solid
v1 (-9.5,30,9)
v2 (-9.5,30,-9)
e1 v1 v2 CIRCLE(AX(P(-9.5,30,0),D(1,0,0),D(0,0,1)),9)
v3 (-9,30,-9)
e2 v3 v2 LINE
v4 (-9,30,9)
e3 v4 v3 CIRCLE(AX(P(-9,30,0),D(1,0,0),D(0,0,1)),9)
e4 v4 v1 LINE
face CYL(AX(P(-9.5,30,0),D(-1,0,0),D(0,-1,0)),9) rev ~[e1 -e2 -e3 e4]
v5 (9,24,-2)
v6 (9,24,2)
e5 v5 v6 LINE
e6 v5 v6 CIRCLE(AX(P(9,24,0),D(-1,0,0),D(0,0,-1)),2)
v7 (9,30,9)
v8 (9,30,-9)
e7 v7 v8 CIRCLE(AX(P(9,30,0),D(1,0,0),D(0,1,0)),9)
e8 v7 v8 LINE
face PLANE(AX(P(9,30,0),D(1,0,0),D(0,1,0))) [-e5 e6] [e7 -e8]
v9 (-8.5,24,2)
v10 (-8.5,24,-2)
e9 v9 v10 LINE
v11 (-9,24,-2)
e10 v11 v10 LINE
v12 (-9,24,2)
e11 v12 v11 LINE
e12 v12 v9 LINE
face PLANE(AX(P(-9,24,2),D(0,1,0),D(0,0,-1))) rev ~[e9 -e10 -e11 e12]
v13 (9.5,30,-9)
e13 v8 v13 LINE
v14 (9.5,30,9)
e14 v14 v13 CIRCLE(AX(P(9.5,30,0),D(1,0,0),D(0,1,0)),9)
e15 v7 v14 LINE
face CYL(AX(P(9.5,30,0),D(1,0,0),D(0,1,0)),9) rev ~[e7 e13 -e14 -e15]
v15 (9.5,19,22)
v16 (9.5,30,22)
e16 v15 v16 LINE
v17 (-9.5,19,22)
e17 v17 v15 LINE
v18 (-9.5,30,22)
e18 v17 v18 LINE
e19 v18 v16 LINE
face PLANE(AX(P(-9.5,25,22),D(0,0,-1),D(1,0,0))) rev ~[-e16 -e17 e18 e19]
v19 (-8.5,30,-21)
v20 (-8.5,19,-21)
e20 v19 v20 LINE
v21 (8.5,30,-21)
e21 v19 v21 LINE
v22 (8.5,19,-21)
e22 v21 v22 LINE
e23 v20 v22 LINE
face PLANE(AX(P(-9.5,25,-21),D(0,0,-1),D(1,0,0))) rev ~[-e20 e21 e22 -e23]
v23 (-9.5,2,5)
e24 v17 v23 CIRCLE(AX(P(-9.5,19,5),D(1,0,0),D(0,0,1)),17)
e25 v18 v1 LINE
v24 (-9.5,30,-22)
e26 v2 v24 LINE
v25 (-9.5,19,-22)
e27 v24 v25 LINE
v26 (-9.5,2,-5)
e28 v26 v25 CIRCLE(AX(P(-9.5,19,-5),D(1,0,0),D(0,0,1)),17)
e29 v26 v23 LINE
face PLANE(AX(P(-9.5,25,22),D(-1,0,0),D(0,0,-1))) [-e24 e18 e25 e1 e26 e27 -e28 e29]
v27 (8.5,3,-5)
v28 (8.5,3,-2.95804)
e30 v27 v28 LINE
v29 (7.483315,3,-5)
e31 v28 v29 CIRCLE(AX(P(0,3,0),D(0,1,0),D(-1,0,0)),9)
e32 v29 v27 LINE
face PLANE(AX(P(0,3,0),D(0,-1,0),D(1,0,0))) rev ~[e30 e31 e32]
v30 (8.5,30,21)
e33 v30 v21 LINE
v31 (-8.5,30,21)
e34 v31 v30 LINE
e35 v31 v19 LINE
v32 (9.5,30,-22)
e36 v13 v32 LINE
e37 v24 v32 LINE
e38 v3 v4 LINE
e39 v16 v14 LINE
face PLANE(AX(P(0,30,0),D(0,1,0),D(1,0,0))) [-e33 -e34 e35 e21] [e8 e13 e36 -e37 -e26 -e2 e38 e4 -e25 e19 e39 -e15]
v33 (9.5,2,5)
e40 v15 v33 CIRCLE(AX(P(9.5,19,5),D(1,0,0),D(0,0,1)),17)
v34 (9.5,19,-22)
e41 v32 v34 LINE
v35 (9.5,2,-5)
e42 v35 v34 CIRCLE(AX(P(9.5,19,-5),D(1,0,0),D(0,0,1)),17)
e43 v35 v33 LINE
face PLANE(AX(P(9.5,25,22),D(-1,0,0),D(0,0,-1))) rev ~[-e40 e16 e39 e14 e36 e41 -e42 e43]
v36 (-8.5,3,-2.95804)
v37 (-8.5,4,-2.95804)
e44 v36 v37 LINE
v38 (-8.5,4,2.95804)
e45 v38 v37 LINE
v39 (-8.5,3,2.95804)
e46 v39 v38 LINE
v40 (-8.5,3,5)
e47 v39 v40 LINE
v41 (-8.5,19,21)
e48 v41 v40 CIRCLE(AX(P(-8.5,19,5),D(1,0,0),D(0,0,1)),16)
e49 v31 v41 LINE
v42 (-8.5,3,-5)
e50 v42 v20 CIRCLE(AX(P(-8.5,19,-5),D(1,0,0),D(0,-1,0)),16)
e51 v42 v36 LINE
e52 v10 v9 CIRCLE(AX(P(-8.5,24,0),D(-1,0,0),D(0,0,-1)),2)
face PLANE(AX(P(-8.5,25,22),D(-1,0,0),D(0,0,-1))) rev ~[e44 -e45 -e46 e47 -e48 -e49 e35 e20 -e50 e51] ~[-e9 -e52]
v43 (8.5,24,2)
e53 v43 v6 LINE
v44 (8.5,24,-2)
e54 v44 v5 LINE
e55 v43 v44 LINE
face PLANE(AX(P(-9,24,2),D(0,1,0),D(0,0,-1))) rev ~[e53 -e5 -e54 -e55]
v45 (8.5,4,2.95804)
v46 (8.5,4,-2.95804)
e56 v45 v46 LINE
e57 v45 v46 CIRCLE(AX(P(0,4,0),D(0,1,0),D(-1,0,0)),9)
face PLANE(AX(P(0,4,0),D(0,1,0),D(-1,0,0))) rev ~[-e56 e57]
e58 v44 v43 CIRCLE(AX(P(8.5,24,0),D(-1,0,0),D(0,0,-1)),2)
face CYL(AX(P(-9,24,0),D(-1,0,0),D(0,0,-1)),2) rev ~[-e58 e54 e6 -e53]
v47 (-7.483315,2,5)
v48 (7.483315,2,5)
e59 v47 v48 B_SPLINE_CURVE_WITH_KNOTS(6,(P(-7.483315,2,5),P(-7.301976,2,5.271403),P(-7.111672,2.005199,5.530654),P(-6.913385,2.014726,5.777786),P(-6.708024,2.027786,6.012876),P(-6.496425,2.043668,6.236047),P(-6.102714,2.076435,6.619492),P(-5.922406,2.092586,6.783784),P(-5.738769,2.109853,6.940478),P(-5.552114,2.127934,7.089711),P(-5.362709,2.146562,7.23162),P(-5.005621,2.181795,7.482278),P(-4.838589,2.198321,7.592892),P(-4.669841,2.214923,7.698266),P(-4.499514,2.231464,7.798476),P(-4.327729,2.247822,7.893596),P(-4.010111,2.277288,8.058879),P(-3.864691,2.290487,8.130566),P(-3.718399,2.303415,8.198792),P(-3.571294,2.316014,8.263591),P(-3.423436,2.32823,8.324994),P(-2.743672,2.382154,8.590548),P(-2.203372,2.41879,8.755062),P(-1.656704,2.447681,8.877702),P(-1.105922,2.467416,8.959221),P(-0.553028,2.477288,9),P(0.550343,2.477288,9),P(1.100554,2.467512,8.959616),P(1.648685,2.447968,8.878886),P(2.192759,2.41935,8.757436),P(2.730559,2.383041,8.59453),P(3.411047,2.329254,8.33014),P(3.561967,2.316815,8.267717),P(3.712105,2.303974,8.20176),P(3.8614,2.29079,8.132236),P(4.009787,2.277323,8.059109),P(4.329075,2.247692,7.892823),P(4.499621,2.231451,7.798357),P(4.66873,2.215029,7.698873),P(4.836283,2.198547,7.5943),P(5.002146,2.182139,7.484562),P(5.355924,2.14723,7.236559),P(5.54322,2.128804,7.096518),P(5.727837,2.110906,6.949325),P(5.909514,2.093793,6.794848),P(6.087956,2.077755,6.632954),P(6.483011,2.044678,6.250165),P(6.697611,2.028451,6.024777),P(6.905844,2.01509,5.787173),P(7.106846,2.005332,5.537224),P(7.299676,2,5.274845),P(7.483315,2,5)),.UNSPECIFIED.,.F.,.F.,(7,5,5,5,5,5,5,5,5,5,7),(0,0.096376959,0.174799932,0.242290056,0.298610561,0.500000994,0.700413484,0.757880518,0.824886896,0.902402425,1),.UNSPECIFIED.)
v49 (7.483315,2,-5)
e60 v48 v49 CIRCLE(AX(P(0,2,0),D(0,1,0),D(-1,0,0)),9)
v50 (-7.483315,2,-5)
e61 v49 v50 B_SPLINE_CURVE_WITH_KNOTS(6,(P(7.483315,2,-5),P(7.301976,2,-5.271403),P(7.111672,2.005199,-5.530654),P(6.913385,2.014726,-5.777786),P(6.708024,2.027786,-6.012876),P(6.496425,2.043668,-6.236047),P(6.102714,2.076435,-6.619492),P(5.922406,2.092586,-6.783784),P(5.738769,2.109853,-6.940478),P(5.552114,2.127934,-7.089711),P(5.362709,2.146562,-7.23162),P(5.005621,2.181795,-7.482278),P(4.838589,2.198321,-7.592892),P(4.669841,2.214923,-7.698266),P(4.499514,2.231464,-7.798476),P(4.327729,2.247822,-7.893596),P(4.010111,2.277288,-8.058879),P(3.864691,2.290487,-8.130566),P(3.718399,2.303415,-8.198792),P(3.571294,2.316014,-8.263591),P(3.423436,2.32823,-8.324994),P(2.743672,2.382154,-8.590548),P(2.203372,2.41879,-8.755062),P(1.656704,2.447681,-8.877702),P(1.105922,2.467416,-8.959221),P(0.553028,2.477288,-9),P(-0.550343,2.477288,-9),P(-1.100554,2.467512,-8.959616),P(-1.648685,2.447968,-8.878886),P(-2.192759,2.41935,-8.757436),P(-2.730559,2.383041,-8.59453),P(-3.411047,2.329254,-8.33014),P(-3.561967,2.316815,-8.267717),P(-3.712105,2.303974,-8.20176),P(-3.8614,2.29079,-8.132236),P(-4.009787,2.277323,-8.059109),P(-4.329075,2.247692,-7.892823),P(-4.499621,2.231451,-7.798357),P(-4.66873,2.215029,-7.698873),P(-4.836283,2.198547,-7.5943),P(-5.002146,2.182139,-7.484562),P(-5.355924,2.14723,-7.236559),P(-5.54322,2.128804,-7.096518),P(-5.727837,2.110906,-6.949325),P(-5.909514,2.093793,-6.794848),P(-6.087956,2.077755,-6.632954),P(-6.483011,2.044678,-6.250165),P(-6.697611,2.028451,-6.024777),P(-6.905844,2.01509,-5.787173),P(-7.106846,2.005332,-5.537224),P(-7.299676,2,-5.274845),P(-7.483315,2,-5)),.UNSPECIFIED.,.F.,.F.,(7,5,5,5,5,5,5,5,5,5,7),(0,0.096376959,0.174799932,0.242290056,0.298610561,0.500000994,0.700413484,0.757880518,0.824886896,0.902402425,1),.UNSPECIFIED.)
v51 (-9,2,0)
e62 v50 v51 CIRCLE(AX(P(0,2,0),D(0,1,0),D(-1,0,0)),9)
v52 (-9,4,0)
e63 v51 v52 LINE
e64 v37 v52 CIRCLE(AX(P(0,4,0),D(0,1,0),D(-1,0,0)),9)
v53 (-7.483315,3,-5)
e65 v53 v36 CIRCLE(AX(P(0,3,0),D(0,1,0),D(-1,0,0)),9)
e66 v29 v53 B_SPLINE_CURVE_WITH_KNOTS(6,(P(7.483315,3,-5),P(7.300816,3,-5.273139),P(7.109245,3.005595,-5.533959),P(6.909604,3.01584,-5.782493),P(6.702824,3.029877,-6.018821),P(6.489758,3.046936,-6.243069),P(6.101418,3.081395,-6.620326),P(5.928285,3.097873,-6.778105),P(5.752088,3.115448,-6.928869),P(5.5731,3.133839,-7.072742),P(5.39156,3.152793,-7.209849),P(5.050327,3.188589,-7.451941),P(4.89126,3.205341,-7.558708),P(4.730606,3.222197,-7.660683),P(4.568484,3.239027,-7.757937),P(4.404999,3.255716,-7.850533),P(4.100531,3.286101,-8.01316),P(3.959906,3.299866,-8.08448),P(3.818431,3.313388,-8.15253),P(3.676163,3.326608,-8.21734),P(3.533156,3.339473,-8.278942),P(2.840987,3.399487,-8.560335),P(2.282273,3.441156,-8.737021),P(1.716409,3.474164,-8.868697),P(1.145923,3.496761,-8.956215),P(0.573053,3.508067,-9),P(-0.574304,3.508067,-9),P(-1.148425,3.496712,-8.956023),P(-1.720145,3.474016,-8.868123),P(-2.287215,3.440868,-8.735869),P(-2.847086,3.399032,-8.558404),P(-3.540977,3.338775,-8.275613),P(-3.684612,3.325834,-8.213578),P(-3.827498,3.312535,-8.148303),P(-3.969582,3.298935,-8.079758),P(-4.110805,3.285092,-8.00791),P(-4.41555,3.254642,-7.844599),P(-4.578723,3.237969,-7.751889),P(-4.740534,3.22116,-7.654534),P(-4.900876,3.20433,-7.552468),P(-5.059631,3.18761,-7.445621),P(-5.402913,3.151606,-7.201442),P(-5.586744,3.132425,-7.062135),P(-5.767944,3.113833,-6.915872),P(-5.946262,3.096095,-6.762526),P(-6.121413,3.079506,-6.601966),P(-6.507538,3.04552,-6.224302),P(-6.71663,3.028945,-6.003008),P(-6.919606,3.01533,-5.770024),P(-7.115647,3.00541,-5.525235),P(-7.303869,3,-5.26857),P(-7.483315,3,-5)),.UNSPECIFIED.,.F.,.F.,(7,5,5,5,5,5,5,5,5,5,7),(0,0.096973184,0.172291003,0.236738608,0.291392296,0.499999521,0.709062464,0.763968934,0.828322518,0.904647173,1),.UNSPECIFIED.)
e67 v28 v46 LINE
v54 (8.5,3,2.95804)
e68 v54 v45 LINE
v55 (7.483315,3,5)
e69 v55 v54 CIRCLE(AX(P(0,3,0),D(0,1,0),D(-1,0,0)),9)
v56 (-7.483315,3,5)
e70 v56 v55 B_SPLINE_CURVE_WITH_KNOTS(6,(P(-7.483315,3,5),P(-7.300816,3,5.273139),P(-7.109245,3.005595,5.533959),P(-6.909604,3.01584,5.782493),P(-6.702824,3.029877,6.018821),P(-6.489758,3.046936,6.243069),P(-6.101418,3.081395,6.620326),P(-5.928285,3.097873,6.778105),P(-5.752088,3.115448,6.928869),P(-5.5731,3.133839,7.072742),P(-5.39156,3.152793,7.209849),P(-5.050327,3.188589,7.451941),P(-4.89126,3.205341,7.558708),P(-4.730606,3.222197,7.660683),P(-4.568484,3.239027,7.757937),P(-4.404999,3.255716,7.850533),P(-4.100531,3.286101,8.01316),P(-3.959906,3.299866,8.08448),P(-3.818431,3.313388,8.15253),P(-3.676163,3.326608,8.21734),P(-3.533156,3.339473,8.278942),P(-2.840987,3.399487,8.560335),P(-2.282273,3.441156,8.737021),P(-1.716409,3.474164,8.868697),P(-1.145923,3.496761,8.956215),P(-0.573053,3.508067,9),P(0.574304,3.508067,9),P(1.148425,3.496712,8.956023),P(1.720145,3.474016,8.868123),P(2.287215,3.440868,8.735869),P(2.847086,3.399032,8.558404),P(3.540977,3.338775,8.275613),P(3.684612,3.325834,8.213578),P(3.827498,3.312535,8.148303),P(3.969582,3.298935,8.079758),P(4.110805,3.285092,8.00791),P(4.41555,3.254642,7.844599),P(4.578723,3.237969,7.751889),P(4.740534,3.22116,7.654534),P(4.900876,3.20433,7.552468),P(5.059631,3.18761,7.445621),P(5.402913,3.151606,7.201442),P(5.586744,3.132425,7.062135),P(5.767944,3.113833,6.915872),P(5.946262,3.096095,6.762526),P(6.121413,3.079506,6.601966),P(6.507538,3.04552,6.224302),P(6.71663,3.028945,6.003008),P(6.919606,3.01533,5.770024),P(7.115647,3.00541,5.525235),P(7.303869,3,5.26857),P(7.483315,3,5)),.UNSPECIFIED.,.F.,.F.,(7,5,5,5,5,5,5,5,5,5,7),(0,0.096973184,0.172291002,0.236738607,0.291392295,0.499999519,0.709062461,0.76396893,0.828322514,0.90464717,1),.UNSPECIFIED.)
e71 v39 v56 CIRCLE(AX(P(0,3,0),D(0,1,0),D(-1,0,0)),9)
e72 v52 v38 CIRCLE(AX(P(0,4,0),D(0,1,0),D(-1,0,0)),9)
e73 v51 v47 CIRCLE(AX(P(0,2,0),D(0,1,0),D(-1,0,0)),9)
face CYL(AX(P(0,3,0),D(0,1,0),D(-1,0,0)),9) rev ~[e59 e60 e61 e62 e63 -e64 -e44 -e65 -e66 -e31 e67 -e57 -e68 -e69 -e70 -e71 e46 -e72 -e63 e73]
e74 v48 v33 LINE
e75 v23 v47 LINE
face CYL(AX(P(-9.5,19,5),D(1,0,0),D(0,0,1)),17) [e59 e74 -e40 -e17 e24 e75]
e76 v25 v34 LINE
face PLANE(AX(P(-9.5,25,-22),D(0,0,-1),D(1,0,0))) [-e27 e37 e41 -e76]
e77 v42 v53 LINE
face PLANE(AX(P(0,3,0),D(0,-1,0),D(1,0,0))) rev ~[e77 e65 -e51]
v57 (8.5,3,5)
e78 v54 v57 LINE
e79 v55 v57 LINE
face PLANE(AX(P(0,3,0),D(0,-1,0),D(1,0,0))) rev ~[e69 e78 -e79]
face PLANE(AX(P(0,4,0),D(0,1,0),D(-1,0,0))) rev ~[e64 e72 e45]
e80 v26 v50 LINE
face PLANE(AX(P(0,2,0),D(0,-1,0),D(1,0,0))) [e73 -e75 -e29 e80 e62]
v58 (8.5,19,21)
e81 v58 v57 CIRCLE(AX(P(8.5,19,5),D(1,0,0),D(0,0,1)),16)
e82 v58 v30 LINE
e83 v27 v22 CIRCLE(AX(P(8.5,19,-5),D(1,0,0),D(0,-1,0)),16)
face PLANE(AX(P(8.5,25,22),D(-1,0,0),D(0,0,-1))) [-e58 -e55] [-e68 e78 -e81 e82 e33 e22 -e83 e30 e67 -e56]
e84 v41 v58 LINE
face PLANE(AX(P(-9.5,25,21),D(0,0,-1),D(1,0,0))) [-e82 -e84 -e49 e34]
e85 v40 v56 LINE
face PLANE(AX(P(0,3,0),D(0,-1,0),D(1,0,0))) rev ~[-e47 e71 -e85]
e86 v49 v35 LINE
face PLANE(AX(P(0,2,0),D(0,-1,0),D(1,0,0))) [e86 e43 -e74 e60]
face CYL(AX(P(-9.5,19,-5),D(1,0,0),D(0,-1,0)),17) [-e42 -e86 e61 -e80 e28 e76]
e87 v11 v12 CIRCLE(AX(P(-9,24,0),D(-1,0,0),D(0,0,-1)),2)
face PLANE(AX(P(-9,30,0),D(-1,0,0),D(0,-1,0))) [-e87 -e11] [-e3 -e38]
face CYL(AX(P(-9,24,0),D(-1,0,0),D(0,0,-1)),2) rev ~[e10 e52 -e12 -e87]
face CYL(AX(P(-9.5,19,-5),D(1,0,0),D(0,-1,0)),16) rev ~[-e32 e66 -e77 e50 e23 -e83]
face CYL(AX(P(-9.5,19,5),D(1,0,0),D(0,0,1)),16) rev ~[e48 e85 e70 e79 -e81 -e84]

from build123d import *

# Parameters (mm, degrees)
F2_W      = 19
F2_H      = 44
F3_DEPTH  = 23
F3_FACE_W = 19
F3_FACE_H = 44
F4_DEPTH  = 5
F5_R      = 17
F6_T      = -1
F7_R      = 9
F8_DEPTH  = 1
F9_R      = 9
F10_DEPTH = 0.5
F11_R     = 9
F12_DEPTH = 0.5
F14_DEPTH = 25


with BuildPart() as f3:
    # F2 (on offset) → F3 (new body)
    with BuildSketch(Plane.XZ.offset(-25)):
        Rectangle(F2_W, F2_H)
    extrude(amount=F3_DEPTH)

    # F3_face (on face) → F4 (join)
    with BuildSketch(Plane(origin=(0, 25, 0), x_dir=(1, 0, 0), z_dir=(0, 1, 0))):
        Rectangle(F3_FACE_W, F3_FACE_H)
    extrude(amount=F4_DEPTH)

    # F5
    f5_edges = [f3.edges().sort_by_distance(p)[0] for p in [
        (0, 2, 22),
        (0, 2, -22),
    ]]
    fillet(f5_edges, radius=F5_R)

    # F6
    f6_openings = [f3.faces().sort_by_distance(p)[0] for p in [
        (0, 30, 0),
    ]]
    offset(amount=F6_T, openings=f6_openings)

    # F7 (on face) → F8 (cut, symmetric)
    with BuildSketch(Plane(origin=(0, 3, 0), x_dir=(-1, 0, 0), z_dir=(0, 1, 0))):
        Circle(F7_R)
    extrude(amount=F8_DEPTH, both=True, mode=Mode.SUBTRACT)

    # F9 (on face) → F10 (cut)
    with BuildSketch(Plane.YZ.offset(9.5)):
        with Locations((30, 0)):
            Circle(F9_R)
    extrude(amount=-F10_DEPTH, mode=Mode.SUBTRACT)

    # F11 (on face) → F12 (cut)
    with BuildSketch(Plane(origin=(-9.5, 0, 0), x_dir=(0, -1, 0), z_dir=(-1, 0, 0))):
        with Locations((-30, 0)):
            Circle(F11_R)
    extrude(amount=-F12_DEPTH, mode=Mode.SUBTRACT)

    # F13 (on face) → F14 (cut)
    with BuildSketch(Plane(origin=(-9, 0, 0), x_dir=(0, -1, 0), z_dir=(-1, 0, 0))):
        with BuildLine():
            Line((-24, 2), (-24, -2))
            ThreePointArc((-24, -2), (-22, 0), (-24, 2))
        make_face()
    extrude(amount=-F14_DEPTH, mode=Mode.SUBTRACT)


solid = f3.part
